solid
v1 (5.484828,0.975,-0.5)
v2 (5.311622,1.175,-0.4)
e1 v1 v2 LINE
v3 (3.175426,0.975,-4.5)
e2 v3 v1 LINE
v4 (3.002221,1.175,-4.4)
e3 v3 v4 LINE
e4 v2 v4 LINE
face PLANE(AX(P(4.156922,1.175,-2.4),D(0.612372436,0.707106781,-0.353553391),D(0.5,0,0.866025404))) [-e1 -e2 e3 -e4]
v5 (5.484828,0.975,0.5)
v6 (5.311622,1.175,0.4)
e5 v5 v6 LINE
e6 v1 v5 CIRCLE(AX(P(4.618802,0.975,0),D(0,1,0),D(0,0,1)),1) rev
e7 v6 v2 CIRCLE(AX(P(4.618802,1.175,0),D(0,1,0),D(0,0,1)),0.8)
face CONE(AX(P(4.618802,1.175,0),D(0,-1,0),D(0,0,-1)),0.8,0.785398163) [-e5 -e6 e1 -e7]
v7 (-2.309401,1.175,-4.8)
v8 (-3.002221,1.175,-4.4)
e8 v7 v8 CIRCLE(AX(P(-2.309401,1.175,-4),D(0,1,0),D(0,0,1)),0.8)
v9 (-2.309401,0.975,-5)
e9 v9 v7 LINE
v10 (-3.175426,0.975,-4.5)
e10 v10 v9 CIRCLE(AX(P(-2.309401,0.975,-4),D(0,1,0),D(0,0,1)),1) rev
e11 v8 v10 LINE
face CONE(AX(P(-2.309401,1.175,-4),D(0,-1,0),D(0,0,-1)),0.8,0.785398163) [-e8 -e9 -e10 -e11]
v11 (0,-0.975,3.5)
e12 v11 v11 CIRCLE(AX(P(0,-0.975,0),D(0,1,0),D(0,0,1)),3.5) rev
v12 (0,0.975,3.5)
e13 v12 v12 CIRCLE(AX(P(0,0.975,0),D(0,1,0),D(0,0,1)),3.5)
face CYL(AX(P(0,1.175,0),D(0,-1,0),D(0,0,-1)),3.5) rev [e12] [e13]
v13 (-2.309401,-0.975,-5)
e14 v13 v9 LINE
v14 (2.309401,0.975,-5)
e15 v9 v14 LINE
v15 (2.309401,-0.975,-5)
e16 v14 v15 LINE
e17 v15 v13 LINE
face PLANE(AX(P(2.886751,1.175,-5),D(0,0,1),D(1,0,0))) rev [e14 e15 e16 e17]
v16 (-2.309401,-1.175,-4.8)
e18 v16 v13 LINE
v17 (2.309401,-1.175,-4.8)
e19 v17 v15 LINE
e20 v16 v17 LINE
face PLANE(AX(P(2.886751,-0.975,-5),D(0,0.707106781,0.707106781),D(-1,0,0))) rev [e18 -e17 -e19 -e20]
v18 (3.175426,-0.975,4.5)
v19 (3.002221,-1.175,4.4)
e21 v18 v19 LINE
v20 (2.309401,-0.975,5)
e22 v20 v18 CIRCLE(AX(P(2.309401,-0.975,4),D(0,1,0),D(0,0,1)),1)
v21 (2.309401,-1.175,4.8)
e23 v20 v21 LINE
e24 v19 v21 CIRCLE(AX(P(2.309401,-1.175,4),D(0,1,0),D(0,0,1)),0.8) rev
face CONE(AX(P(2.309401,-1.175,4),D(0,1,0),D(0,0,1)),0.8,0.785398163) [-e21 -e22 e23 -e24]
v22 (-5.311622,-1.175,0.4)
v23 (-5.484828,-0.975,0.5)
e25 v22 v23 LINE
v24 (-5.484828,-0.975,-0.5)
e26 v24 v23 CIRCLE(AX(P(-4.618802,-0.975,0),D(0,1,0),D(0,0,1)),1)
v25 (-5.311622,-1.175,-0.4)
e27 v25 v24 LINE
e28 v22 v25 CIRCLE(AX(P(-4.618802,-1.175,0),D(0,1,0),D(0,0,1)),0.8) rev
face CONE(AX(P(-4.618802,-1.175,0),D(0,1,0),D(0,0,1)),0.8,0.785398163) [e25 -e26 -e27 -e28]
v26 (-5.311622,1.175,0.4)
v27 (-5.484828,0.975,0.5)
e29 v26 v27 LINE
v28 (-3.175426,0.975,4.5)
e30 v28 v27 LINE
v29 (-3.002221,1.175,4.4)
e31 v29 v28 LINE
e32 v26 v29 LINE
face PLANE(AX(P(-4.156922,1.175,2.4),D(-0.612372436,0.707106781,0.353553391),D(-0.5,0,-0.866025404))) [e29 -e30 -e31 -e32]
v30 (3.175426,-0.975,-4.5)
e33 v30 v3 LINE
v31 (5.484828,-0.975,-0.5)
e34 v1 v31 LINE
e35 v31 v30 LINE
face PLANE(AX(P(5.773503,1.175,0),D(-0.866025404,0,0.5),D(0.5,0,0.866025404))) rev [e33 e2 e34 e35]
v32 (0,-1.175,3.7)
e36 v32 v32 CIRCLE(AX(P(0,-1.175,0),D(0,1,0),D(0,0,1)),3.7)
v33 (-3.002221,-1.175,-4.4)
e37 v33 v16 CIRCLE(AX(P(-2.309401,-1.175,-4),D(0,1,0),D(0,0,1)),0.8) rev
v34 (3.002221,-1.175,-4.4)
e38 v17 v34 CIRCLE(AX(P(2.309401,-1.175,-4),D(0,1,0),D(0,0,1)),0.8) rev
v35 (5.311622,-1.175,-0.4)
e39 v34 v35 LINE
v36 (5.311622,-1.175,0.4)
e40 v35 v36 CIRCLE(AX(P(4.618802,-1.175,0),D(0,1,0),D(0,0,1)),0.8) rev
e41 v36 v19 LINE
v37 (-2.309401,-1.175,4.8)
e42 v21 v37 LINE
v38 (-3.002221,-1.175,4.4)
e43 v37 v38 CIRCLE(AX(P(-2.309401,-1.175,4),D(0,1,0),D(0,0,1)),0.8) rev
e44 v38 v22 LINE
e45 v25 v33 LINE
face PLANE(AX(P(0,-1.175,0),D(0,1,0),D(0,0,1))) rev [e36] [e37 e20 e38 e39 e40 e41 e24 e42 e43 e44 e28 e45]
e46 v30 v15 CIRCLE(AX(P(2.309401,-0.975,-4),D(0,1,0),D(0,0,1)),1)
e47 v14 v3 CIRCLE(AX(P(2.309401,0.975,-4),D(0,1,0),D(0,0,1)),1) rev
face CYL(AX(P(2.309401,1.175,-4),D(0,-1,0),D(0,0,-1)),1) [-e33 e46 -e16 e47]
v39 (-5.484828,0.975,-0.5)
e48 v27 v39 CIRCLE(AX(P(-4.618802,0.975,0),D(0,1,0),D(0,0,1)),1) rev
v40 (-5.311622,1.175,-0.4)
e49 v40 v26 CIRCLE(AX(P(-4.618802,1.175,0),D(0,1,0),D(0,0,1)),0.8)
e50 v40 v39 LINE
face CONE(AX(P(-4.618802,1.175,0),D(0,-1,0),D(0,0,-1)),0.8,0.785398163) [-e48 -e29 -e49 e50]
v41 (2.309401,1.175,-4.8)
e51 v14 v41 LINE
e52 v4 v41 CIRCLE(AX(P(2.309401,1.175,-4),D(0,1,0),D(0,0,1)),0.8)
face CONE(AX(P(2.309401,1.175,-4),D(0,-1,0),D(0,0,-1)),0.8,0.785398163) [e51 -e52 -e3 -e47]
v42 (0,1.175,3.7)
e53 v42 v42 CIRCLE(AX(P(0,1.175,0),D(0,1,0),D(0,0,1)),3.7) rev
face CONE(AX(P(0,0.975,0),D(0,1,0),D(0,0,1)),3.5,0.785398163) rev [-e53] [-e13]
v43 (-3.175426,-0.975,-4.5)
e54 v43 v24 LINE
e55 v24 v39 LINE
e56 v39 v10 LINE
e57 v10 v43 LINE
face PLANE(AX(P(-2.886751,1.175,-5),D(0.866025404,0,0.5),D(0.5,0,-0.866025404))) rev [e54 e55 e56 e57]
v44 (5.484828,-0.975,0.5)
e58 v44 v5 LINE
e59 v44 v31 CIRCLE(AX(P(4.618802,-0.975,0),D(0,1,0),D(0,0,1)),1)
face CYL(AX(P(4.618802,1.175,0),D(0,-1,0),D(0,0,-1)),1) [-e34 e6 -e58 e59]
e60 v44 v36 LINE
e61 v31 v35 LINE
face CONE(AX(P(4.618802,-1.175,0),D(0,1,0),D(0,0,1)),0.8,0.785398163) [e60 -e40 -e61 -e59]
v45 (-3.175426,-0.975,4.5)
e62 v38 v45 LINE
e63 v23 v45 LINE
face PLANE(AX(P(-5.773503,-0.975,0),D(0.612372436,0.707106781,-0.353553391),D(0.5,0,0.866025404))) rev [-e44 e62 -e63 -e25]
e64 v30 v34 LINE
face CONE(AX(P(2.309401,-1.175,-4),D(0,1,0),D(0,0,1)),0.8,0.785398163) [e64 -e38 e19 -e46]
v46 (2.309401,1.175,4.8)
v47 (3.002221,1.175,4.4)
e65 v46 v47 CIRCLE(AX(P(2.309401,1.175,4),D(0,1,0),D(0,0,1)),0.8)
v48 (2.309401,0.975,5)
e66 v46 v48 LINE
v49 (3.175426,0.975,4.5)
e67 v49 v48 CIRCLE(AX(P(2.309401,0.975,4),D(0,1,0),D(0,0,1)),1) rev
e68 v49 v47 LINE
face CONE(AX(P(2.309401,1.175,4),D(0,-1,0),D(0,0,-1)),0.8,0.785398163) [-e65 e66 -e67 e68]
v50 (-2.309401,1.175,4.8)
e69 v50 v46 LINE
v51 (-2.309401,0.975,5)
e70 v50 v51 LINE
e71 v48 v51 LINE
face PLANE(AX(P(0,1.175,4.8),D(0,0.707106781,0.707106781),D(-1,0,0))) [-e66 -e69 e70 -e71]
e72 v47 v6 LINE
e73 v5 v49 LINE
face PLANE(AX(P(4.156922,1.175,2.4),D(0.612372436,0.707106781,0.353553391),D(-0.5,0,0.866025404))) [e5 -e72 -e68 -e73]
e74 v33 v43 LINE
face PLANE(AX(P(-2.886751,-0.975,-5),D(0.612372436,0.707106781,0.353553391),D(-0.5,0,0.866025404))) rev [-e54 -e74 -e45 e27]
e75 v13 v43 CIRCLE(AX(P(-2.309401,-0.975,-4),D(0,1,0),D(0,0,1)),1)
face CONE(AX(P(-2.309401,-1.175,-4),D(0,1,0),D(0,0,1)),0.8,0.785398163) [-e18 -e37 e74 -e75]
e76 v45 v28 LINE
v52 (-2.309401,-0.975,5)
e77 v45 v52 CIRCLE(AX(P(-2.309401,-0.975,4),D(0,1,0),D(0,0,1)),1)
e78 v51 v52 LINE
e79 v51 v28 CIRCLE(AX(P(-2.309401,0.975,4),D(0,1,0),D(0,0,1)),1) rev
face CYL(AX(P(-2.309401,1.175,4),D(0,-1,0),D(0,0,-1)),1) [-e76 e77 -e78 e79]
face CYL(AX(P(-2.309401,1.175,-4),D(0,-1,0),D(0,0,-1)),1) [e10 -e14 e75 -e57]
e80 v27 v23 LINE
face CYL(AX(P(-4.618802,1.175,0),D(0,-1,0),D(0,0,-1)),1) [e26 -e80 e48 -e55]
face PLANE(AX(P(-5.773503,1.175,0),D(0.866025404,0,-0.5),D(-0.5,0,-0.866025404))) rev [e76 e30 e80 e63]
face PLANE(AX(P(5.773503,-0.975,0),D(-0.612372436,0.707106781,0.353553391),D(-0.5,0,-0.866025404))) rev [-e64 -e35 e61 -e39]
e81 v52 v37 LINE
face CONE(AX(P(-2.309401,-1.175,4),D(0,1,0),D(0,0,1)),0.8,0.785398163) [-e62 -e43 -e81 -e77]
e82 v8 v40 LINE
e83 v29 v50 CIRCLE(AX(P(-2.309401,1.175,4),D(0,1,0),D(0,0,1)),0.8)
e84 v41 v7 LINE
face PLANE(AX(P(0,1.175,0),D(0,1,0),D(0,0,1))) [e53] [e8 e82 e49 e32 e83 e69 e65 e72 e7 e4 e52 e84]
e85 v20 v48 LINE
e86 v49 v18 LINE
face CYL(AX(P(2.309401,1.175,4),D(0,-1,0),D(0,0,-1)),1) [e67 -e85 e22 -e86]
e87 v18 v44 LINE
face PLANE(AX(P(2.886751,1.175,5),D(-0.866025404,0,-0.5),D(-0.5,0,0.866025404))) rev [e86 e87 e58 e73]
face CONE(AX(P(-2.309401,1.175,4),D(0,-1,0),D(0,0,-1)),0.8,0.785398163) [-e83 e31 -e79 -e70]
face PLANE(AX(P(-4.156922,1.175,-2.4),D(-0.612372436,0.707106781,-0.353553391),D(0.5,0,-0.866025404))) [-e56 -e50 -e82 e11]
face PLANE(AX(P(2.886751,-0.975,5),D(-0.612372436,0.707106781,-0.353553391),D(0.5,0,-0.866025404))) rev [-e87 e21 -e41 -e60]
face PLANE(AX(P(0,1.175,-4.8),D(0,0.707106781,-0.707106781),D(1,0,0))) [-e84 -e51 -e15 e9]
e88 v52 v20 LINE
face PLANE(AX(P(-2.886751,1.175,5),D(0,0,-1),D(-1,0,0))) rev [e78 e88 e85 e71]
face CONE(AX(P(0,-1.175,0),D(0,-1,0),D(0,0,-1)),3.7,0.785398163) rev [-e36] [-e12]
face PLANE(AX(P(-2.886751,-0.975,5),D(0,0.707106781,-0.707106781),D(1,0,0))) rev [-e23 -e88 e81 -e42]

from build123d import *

# Parameters (mm, degrees)
SKETCH1_R           = 3.5
BOSS_EXTRUDE1_DEPTH = 1.175
FILLET1_R           = 1
CHAMFER1_SIZE       = 0.2


with BuildPart() as part:
    # Sketch1 → Boss-Extrude1 (new body, symmetric)
    with BuildSketch(Plane(origin=(0, 0, 0), x_dir=(1, 0, 0), z_dir=(0, 1, 0))):
        Polygon((2.886751346, 5), (-2.886751346, 5), (-5.773502692, 0), (-2.886751346, -5), (2.886751346, -5), (5.773502692, 0), align=None)
        Circle(SKETCH1_R, mode=Mode.SUBTRACT)
    extrude(amount=BOSS_EXTRUDE1_DEPTH, both=True)

    # Fillet1
    fillet1_edges = [part.edges().sort_by_distance(p)[0] for p in [
        (5.773502692, 0, 0),
        (2.886751346, 0, 5),
        (-2.886751346, 0, 5),
        (-5.773502692, 0, 0),
        (-2.886751346, 0, -5),
        (2.886751346, 0, -5),
    ]]
    fillet(fillet1_edges, radius=FILLET1_R)

    # Chamfer1
    chamfer1_edges = [part.edges().sort_by_distance(p)[0] for p in [
        (-3.5, -1.175, 0),
        (-3.5, 1.175, 0),
        (4.330127019, -1.175, -2.5),
        (4.330127019, 1.175, -2.5),
        (4.330127019, -1.175, 2.5),
        (0, -1.175, 5),
        (-4.330127019, -1.175, 2.5),
        (-4.330127019, -1.175, -2.5),
        (0, -1.175, -5),
        (-2.809401077, -1.175, 4.866025404),
        (2.809401077, -1.175, -4.866025404),
        (-2.809401077, -1.175, -4.866025404),
        (-5.618802154, -1.175, 0),
        (2.809401077, -1.175, 4.866025404),
        (5.618802154, -1.175, 0),
        (4.330127019, 1.175, 2.5),
        (0, 1.175, -5),
        (-4.330127019, 1.175, -2.5),
        (-4.330127019, 1.175, 2.5),
        (0, 1.175, 5),
        (-2.809401077, 1.175, 4.866025404),
        (2.809401077, 1.175, -4.866025404),
        (-2.809401077, 1.175, -4.866025404),
        (-5.618802154, 1.175, 0),
        (2.809401077, 1.175, 4.866025404),
        (5.618802154, 1.175, 0),
    ]]
    chamfer(chamfer1_edges, length=CHAMFER1_SIZE)


solid = part.part
